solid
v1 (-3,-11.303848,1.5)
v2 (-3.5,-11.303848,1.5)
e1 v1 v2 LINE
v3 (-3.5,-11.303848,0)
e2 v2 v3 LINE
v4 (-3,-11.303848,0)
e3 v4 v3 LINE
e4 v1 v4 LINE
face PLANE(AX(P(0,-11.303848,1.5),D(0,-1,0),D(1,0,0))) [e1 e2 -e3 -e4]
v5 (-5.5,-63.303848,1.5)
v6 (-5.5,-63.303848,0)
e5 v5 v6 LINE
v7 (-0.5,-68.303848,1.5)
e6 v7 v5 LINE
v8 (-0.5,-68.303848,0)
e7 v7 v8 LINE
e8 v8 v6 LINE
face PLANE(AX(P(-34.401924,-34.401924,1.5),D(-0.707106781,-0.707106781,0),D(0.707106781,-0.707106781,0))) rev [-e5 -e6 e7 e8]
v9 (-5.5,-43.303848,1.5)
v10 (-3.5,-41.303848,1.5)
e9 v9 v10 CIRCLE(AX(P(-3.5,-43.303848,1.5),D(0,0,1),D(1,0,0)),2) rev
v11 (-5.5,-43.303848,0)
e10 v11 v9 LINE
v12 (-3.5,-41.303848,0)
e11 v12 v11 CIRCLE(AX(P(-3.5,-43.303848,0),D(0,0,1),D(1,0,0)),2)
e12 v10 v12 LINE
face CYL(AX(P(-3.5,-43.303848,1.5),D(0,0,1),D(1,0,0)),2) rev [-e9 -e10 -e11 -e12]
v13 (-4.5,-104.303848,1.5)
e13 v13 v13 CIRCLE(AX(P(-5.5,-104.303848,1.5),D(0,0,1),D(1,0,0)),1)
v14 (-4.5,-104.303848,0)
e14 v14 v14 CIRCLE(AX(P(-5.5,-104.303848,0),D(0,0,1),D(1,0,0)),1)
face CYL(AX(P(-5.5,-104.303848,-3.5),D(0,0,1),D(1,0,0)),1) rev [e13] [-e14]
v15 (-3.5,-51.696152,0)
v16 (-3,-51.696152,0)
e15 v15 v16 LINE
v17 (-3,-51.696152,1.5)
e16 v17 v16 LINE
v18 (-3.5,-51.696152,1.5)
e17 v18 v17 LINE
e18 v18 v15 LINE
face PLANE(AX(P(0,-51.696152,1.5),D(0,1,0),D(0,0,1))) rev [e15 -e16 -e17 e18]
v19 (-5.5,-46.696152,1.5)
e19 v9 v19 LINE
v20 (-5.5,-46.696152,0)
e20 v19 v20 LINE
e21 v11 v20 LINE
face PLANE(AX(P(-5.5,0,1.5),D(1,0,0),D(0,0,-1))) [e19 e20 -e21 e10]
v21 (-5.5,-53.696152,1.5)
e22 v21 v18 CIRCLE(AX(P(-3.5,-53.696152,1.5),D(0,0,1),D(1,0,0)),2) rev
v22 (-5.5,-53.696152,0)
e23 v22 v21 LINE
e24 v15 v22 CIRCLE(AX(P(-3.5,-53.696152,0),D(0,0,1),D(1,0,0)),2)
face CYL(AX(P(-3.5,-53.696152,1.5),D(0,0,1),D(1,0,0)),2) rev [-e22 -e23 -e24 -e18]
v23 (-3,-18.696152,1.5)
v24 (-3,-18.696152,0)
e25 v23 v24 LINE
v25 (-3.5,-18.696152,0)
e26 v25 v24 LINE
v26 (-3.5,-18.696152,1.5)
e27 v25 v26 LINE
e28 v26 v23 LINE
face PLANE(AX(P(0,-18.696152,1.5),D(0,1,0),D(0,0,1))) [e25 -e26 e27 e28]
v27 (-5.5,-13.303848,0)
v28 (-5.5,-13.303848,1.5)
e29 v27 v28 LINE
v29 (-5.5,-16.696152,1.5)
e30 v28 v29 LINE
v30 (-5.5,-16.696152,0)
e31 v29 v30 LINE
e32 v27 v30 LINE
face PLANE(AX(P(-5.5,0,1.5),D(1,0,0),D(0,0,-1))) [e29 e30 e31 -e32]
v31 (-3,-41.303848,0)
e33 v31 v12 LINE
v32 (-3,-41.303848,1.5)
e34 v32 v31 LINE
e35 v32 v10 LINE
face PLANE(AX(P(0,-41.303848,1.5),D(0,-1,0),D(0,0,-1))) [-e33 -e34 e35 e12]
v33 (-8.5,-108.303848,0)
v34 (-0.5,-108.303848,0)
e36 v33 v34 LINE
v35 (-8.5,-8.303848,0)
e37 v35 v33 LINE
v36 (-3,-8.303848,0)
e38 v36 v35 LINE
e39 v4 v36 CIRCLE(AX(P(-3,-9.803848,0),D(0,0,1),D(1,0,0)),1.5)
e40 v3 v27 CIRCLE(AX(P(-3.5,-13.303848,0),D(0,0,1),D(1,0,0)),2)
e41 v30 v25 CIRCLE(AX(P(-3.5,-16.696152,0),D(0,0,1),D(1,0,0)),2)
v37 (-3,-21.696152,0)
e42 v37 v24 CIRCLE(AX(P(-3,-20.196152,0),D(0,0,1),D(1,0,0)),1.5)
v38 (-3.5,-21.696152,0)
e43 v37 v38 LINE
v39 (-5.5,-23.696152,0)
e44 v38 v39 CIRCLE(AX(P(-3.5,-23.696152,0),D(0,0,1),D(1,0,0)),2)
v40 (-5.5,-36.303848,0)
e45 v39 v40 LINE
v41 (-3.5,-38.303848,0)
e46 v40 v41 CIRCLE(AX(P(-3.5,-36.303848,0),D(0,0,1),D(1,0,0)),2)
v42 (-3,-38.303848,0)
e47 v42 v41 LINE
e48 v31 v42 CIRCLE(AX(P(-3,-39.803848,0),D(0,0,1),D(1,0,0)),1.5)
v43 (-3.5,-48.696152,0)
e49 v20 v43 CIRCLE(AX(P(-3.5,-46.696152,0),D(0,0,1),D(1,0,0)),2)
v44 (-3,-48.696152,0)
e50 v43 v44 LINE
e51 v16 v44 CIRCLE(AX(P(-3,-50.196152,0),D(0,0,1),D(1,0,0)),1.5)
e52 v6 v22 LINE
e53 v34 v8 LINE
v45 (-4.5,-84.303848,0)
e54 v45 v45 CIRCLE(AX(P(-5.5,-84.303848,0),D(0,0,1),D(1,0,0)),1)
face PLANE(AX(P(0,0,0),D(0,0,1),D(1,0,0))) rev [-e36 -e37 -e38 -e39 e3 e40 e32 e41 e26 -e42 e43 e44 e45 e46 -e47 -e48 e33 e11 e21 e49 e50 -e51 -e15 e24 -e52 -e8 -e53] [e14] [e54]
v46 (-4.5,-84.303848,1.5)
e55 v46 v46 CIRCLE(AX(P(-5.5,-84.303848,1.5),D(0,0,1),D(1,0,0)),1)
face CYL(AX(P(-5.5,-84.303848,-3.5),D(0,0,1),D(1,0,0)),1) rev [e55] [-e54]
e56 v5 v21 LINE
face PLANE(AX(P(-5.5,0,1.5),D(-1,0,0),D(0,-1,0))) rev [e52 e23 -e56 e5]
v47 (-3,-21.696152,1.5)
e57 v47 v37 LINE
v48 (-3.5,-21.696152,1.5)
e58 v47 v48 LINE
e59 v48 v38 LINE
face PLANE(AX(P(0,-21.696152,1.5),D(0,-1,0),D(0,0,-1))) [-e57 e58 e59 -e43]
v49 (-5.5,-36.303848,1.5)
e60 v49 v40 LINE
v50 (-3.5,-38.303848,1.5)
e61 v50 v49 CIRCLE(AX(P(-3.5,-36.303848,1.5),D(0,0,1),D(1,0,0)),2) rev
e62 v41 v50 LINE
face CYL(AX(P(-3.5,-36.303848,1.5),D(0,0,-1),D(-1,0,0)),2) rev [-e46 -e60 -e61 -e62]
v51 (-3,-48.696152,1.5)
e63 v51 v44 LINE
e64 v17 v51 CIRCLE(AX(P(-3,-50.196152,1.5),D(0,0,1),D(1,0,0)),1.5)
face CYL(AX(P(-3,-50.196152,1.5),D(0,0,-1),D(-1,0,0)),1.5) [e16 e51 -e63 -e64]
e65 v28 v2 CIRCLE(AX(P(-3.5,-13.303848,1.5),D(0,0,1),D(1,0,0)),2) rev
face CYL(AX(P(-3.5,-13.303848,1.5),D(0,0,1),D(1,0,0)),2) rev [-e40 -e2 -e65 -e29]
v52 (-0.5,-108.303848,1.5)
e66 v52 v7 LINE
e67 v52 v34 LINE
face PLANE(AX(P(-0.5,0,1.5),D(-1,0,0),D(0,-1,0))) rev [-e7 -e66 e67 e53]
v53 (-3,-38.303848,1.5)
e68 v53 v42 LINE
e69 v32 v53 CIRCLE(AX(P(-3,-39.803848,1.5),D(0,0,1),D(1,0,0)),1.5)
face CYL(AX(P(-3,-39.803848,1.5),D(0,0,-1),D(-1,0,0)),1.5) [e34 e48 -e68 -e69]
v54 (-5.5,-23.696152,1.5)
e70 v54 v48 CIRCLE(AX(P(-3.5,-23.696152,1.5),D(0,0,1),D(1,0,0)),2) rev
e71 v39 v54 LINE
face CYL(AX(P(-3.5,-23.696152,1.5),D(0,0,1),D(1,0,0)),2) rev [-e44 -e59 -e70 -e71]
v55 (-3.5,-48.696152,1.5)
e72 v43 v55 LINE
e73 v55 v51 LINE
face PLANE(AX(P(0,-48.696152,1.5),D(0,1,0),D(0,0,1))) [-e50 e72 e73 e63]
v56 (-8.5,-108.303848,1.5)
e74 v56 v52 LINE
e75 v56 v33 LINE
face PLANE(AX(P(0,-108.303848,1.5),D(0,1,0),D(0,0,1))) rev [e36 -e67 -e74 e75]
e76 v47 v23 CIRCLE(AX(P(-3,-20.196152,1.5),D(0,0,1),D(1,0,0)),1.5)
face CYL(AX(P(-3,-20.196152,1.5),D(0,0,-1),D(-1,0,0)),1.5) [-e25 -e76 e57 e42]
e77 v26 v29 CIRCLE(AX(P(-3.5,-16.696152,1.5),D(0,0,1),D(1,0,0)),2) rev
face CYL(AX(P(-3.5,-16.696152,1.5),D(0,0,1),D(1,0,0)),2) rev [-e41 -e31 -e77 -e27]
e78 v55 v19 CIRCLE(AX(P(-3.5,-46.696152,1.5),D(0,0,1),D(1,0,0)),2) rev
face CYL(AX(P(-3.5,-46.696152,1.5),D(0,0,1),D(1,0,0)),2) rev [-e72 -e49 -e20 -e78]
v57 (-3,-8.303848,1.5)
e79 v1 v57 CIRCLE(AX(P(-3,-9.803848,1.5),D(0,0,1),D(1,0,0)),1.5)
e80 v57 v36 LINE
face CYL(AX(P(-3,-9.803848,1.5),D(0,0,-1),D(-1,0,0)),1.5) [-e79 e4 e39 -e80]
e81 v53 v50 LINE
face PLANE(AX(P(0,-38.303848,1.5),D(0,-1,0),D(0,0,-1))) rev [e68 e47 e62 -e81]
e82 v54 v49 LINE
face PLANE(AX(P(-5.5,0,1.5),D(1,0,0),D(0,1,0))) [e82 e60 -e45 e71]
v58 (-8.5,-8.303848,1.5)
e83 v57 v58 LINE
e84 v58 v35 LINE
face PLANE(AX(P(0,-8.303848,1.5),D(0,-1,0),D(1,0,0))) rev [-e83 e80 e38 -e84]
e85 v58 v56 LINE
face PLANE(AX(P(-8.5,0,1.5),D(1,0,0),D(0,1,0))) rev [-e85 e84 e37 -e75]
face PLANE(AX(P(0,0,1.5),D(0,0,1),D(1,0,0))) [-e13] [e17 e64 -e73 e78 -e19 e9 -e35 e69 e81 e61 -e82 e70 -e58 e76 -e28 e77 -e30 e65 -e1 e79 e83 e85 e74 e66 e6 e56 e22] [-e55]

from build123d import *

# Parameters (mm, degrees)
SKETCH1_R           = 1.5
BOSS_EXTRUDE1_DEPTH = 1.5
FILLET1_R           = 2
SKETCH2_R           = 1
CUT_EXTRUDE1_DEPTH  = 5


with BuildPart() as part:
    # Sketch1 → Boss-Extrude1 (new body)
    with BuildSketch(Plane.XY):
        with BuildLine():
            Line((-5.5, -11.303847577), (-3, -11.303847577))
            ThreePointArc((-3, -11.303847577), (-4.5, -9.803847577), (-3, -8.303847577))
            Line((-3, -8.303847577), (-8.5, -8.303847577))
            Line((-8.5, -8.303847577), (-8.5, -108.303847577))
            Line((-8.5, -108.303847577), (-0.5, -108.303847577))
            Line((-0.5, -108.303847577), (-0.5, -68.303847577))
            Line((-0.5, -68.303847577), (-5.5, -63.303847577))
            Line((-5.5, -63.303847577), (-5.5, -51.696152423))
            Line((-5.5, -51.696152423), (-3, -51.696152423))
            ThreePointArc((-3, -51.696152423), (-4.5, -50.196152423), (-3, -48.696152423))
            Line((-3, -48.696152423), (-5.5, -48.696152423))
            Line((-5.5, -48.696152423), (-5.5, -41.303847577))
            Line((-5.5, -41.303847577), (-3, -41.303847577))
            ThreePointArc((-3, -41.303847577), (-4.5, -39.803847577), (-3, -38.303847577))
            Line((-3, -38.303847577), (-5.5, -38.303847577))
            Line((-5.5, -38.303847577), (-5.5, -21.696152423))
            Line((-5.5, -21.696152423), (-3, -21.696152423))
            ThreePointArc((-3, -21.696152423), (-4.5, -20.196152423), (-3, -18.696152423))
            Line((-3, -18.696152423), (-5.5, -18.696152423))
            Line((-5.5, -18.696152423), (-5.5, -11.303847577))
        make_face()
        with Locations((-3, -39.803847577)):
            Circle(SKETCH1_R)
        with Locations((-3, -50.196152423)):
            Circle(SKETCH1_R)
        with Locations((-3, -9.803847577)):
            Circle(SKETCH1_R)
        with Locations((-3, -20.196152423)):
            Circle(SKETCH1_R)
    extrude(amount=BOSS_EXTRUDE1_DEPTH)

    # Fillet1
    fillet1_edges = [part.edges().sort_by_distance(p)[0] for p in [
        (-5.5, -51.696152423, 0.75),
        (-5.5, -11.303847577, 0.75),
        (-5.5, -18.696152423, 0.75),
        (-5.5, -21.696152423, 0.75),
        (-5.5, -38.303847577, 0.75),
        (-5.5, -41.303847577, 0.75),
        (-5.5, -48.696152423, 0.75),
    ]]
    fillet(fillet1_edges, radius=FILLET1_R)

    # Sketch2 → Cut-Extrude1 (cut)
    with BuildSketch(Plane.XY.offset(1.5)):
        with Locations((-5.5, -104.303847577)):
            Circle(SKETCH2_R)
        with Locations((-5.5, -84.303847577)):
            Circle(SKETCH2_R)
    extrude(amount=-CUT_EXTRUDE1_DEPTH, mode=Mode.SUBTRACT)


solid = part.part
